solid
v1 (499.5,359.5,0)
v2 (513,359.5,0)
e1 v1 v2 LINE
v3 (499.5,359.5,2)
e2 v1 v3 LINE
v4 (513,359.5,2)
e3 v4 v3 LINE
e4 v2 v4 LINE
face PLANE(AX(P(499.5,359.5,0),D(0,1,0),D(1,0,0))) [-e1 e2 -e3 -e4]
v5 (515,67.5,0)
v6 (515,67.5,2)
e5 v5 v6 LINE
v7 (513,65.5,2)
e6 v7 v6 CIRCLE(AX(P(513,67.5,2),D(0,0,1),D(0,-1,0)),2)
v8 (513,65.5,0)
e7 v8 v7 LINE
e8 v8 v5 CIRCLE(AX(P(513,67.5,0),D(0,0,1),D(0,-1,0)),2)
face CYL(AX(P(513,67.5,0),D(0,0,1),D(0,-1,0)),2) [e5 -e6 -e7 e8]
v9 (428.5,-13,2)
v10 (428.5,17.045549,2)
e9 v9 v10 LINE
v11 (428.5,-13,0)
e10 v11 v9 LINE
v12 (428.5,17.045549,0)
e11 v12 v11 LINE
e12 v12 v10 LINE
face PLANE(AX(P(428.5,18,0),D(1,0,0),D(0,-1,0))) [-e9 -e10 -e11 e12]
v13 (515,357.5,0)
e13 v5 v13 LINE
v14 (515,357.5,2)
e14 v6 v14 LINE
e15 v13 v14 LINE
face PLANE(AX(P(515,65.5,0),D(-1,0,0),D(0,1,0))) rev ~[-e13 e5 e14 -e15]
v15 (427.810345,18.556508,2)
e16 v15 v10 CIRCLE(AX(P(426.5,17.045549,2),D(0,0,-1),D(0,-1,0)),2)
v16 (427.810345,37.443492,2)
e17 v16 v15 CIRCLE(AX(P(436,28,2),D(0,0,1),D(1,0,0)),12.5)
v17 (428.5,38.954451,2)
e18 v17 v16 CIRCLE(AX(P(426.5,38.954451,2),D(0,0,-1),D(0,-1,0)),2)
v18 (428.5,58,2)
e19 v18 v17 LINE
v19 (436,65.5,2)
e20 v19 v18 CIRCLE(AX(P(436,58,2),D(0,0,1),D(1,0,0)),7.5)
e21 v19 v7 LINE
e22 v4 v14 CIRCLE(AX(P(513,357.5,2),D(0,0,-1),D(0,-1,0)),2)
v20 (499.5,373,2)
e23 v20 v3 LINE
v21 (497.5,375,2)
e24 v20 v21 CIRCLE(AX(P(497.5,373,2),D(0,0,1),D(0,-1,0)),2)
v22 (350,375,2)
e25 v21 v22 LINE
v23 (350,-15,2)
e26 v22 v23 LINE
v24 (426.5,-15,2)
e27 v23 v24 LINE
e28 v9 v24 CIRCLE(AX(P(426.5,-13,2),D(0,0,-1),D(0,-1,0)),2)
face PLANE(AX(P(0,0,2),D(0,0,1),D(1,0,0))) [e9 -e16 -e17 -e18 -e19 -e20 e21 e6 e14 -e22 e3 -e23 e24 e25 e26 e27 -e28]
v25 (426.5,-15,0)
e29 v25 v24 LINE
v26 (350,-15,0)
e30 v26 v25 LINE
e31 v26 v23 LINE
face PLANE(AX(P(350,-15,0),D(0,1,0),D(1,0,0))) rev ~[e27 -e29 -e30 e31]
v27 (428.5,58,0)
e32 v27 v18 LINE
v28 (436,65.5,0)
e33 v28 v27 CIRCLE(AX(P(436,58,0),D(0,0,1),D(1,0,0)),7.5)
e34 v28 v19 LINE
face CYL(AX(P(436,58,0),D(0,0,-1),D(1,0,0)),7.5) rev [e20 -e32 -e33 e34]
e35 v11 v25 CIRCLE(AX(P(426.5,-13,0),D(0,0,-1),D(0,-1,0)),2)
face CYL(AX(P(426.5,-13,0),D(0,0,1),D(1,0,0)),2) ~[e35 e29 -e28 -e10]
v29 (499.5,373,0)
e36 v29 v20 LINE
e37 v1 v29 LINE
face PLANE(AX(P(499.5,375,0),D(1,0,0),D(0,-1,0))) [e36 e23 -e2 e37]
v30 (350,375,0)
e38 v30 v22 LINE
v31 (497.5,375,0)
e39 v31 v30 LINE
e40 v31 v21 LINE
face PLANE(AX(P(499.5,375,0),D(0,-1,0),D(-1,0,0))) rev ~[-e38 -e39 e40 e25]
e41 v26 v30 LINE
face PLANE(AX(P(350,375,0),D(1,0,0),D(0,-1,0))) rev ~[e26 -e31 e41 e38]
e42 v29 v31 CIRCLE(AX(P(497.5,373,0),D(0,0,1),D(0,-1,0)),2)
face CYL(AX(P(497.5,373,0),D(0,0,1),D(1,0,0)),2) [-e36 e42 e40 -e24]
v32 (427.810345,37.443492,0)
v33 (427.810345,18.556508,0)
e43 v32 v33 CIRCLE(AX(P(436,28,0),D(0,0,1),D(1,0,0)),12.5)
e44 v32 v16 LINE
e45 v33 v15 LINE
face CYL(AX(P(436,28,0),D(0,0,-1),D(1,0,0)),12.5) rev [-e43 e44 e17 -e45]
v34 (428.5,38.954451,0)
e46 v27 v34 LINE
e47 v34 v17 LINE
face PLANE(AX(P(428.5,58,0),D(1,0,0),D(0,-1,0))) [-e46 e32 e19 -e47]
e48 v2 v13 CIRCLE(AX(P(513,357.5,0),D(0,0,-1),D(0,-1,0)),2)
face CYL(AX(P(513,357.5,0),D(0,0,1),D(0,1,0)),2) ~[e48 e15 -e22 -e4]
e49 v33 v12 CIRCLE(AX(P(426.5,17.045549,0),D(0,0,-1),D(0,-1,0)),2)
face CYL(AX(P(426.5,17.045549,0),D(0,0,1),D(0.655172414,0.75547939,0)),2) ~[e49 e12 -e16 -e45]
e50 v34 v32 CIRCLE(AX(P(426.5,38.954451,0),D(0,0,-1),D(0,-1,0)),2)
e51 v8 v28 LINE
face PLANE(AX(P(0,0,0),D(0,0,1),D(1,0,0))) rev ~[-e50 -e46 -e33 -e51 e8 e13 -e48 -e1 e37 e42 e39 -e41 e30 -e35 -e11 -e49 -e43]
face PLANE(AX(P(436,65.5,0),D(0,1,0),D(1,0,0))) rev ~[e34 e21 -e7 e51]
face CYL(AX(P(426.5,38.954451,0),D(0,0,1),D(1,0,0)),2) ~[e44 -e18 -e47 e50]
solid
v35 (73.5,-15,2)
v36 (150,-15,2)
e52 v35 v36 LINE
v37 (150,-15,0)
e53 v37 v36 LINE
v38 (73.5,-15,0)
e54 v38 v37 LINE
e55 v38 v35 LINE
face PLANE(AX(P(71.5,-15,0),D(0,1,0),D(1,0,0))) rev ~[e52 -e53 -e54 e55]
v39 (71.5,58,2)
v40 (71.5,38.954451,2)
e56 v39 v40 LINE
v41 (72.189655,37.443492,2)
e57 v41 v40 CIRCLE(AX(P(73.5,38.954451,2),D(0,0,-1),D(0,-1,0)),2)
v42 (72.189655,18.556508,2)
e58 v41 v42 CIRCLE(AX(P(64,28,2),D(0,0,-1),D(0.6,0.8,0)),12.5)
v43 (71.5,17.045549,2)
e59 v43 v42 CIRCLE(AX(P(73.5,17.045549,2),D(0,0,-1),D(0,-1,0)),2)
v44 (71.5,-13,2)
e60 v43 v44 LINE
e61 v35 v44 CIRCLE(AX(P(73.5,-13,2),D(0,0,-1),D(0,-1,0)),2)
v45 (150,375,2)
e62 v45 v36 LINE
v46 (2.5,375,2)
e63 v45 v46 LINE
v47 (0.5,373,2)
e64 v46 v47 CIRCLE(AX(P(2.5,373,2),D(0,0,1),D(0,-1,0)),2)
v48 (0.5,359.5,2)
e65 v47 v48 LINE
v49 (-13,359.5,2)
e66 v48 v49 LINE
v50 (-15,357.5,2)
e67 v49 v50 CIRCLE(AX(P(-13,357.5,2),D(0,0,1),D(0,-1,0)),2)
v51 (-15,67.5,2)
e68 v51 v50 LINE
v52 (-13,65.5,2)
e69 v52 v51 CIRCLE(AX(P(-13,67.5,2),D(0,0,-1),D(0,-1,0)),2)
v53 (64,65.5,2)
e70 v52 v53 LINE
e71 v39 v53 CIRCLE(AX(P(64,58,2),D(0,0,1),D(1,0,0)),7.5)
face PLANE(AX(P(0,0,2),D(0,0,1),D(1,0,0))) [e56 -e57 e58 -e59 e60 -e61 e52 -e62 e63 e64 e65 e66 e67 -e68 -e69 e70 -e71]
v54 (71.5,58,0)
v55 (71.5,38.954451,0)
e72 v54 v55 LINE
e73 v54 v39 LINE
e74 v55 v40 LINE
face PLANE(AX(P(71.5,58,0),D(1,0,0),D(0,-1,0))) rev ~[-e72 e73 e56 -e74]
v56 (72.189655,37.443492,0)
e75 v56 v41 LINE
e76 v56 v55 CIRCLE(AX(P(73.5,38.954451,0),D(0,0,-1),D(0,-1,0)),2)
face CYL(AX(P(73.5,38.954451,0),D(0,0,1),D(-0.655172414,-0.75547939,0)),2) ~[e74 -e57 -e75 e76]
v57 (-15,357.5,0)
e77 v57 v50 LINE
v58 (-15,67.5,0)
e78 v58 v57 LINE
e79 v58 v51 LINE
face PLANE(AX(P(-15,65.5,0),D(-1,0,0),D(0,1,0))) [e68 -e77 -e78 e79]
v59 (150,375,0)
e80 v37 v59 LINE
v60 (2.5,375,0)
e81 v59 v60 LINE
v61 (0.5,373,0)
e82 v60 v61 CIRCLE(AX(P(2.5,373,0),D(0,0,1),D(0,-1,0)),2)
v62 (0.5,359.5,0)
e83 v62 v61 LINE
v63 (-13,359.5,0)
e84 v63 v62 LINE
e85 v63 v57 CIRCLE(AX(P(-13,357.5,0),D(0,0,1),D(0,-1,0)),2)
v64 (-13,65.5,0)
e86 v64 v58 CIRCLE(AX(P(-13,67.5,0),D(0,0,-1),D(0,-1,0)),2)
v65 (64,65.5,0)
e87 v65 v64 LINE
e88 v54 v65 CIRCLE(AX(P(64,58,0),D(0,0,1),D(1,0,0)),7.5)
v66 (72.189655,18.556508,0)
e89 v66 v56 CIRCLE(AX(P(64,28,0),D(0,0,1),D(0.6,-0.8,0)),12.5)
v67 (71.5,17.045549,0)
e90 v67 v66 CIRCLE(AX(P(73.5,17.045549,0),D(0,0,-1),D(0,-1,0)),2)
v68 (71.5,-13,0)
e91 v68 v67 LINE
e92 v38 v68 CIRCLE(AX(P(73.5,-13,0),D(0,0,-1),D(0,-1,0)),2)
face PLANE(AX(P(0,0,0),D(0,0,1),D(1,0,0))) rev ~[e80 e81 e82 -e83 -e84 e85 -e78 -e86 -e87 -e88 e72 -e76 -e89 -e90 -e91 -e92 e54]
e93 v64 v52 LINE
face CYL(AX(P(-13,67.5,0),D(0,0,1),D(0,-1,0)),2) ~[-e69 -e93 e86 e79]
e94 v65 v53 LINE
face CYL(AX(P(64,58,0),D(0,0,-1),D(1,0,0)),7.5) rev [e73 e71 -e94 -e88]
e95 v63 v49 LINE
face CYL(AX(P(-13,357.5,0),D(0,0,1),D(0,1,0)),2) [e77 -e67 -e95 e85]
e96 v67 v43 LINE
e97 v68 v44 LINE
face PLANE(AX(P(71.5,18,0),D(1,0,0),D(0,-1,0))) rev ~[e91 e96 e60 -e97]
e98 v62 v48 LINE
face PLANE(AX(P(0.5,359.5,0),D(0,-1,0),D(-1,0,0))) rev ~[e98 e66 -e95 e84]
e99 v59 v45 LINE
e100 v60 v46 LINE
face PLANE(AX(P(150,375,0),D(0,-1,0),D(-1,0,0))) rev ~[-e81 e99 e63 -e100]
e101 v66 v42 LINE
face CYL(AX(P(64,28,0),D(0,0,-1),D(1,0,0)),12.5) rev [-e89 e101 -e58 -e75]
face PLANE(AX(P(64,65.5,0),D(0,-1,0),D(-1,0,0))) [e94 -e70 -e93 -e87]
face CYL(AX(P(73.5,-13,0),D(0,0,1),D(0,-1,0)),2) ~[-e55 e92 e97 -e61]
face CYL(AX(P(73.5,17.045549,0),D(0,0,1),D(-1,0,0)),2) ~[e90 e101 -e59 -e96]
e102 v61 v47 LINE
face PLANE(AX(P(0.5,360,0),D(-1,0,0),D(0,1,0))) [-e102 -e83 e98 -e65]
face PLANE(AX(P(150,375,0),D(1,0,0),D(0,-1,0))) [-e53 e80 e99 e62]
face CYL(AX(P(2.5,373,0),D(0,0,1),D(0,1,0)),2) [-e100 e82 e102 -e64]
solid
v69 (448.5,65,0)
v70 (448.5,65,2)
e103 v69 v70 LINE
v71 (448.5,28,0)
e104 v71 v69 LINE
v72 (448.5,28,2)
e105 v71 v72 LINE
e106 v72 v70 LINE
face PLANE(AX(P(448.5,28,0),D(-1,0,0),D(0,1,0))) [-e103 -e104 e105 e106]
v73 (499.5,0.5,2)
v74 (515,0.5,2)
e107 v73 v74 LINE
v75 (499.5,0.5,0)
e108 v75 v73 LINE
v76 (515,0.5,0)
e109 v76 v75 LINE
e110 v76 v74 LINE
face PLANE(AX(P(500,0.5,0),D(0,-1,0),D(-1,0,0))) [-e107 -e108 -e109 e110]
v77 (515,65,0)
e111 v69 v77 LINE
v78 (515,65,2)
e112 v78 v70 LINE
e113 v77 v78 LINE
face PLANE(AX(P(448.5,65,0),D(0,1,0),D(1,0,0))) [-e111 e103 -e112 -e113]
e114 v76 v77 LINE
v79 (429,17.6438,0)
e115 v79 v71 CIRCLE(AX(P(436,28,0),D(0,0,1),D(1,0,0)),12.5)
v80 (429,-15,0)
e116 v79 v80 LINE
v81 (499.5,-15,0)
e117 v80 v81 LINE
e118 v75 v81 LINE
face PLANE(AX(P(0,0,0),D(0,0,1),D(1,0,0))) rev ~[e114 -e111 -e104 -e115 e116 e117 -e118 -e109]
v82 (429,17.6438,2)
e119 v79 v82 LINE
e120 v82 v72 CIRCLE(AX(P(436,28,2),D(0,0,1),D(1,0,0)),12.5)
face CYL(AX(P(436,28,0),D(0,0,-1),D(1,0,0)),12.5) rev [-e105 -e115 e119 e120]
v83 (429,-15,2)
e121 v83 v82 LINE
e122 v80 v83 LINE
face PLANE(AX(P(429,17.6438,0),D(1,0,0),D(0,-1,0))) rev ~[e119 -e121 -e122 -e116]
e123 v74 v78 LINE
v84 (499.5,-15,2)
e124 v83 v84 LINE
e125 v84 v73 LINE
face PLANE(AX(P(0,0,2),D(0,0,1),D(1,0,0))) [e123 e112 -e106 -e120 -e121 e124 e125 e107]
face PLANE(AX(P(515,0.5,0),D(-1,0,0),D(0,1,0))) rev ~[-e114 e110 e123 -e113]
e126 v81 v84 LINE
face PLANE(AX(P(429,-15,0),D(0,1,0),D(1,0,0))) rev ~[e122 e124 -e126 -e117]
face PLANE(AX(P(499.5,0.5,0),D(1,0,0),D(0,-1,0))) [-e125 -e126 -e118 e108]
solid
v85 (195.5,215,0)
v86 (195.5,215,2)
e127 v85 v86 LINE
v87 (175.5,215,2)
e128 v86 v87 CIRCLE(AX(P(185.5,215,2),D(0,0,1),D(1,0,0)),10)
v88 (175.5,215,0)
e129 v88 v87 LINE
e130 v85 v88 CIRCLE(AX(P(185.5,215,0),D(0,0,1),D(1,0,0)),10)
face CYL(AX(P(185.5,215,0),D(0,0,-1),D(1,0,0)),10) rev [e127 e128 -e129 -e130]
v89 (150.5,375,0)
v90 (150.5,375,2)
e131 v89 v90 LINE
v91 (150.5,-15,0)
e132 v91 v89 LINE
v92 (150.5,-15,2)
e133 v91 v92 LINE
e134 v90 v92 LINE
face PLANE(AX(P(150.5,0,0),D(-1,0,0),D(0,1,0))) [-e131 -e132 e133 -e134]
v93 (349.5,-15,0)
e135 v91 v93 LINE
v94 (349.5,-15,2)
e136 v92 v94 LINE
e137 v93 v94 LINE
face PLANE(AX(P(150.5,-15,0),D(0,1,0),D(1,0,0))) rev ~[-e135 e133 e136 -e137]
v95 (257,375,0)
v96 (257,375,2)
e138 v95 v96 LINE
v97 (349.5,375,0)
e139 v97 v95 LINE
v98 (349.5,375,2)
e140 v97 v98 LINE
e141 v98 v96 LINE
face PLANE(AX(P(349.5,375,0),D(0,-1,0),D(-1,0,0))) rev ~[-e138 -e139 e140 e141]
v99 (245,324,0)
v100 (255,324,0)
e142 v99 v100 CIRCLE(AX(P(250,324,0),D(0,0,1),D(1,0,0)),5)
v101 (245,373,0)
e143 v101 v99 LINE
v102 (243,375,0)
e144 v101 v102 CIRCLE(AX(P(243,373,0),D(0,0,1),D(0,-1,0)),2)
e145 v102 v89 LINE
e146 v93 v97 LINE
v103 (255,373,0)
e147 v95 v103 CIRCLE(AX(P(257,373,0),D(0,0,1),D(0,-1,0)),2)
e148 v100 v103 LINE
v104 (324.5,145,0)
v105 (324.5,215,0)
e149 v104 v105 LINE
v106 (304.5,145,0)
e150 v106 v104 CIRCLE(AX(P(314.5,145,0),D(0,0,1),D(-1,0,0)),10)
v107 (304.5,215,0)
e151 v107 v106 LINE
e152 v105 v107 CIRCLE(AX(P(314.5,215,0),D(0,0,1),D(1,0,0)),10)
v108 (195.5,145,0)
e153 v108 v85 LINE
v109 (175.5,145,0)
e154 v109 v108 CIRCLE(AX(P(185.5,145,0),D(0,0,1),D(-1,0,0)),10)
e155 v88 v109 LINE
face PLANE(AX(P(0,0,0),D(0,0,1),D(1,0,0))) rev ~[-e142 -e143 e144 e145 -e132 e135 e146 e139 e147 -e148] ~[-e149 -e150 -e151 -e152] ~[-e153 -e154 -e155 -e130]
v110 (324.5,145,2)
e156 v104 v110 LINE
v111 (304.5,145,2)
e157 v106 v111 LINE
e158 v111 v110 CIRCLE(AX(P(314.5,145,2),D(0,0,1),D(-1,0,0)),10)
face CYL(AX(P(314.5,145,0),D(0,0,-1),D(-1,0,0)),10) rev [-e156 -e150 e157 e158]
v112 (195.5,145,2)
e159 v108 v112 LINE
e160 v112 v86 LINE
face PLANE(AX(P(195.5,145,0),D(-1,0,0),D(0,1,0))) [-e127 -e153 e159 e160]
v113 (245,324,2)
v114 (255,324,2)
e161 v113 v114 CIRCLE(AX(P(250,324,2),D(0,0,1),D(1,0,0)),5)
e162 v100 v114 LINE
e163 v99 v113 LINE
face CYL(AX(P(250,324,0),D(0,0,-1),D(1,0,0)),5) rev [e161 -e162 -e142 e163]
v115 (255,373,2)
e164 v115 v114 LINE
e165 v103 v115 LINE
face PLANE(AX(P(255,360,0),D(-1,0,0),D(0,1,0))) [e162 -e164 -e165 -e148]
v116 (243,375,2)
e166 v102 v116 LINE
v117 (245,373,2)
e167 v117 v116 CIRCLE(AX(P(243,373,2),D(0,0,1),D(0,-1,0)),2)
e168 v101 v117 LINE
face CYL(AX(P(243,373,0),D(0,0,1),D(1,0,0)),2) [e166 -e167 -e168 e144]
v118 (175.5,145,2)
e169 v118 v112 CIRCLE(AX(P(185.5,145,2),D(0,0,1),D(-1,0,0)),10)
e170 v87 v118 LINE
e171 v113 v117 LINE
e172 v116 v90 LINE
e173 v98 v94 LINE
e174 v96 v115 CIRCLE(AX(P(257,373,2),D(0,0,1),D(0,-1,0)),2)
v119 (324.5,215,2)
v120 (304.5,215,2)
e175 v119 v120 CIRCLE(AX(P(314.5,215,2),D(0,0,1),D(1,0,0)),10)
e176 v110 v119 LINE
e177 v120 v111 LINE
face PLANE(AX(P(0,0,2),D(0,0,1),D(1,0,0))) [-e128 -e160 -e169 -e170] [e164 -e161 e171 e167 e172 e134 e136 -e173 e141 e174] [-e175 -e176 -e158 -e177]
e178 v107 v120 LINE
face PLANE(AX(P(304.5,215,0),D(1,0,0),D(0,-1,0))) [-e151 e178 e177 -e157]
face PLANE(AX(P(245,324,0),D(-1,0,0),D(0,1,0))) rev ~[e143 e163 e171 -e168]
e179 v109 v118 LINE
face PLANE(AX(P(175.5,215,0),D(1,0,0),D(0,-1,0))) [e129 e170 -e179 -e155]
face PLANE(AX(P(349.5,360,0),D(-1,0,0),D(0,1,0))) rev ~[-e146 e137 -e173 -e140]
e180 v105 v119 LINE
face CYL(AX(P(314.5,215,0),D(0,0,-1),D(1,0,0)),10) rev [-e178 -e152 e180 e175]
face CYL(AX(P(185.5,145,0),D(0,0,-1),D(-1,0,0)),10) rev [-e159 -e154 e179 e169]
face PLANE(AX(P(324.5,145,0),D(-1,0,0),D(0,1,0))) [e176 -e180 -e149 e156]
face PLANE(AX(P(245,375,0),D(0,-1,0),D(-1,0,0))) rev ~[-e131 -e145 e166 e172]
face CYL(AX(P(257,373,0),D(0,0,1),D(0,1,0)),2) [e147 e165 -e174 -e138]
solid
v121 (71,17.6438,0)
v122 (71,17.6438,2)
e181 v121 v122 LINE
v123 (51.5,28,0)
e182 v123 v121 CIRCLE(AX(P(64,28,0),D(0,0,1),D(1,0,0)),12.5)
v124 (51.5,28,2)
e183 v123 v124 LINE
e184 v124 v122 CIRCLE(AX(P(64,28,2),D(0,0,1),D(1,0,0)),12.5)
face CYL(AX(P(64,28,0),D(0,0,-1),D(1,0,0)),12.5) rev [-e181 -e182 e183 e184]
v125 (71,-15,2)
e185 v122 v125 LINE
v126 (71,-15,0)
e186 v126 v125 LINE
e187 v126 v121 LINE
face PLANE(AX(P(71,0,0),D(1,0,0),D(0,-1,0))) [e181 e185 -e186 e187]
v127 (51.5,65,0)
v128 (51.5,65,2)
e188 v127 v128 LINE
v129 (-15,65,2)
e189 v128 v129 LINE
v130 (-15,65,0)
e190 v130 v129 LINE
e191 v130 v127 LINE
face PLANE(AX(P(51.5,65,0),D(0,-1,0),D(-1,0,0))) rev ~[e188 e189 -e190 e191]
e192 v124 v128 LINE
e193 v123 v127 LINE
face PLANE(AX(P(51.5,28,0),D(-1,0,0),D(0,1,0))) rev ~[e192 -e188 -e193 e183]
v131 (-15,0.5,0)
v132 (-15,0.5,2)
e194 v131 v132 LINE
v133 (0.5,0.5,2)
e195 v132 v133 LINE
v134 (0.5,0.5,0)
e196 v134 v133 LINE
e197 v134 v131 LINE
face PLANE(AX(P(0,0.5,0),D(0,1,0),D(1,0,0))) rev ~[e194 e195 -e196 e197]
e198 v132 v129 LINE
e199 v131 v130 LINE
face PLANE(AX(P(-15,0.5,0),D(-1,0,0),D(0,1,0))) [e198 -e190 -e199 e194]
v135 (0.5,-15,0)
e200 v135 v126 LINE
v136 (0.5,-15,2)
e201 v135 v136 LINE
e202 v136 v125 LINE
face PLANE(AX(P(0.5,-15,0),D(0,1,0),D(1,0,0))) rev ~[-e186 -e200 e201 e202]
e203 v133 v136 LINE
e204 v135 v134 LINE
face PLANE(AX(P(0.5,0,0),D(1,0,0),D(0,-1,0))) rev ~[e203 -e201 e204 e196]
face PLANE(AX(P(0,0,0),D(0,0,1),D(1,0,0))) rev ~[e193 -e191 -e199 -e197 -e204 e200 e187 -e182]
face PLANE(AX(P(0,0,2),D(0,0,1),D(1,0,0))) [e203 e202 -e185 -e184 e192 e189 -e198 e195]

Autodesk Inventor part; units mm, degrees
ref_plane "YZ Plane" through (0, 0, 0) normal (1, 0, 0) x (0, 1, 0)
ref_plane "XZ Plane" through (0, 0, 0) normal (0, 1, 0) x (-1, 0, 0)
ref_plane "XY Plane" through (0, 0, 0) normal (0, 0, 1) x (1, 0, 0)
sketch "Sketch1" plane through (0, 0, 0) normal (0, 0, 1) x (1, 0, 0)
  line L0 (500, 375) -> (0, 375) projected
  line L1 (-15, 0) -> (-15, 360) projected
  line L2 (0, 0) -> (0, 360) projected
  line L3 (515, 0) -> (515, 360) projected
  line L4 (0, 0) -> (500, 0) projected
  line L5 (500, 0) -> (500, 360) projected
  line L6 (500, 360) -> (0, 360) projected
  line L7 (0, -15) -> (500, -15) projected
  line L8 (-15, 359.5) -> (0, 359.5)
  line L9 (0.5, 360) -> (0.5, 375)
  line L10 (0, 0.5) -> (-15, 0.5)
  line L11 (0.5, 0) -> (0.5, -15)
  line L12 (499.5, 375) -> (499.5, 360)
  line L13 (500, 359.5) -> (515, 359.5)
  line L14 (499.5, 0) -> (499.5, -15)
  line L15 (500, 0.5) -> (515, 0.5)
  line L16 (350, 375) -> (350, -15)
  line L17 (349.5, -15) -> (349.5, 375)
  line L18 (150, 375) -> (150, -15)
  line L19 (150.5, -15) -> (150.5, 375)
  circle A0 centre (250, 324) radius 3 projected
  circle A1 centre (250, 324) radius 5
  line L20 (245, 324) -> (245, 375)
  line L21 (255, 324) -> (255, 375)
  circle A2 centre (436, 58) radius 3 projected
  circle A3 centre (64, 58) radius 3 projected
  circle A4 centre (64, 58) radius 7.5
  circle A5 centre (436, 58) radius 7.5
  line L22 (64, 65.5) -> (-15, 65.5)
  line L23 (71.5, 58) -> (71.5, -15)
  line L24 (428.5, 58) -> (428.5, -15)
  line L25 (436, 65.5) -> (515, 65.5)
  circle A6 centre (436, 28) radius 6 projected
  circle A7 centre (64, 28) radius 6 projected
  circle A8 centre (64, 28) radius 12.5
  circle A9 centre (436, 28) radius 12.5
  line L26 (0.5, 360) -> (0.5, 359.5)
  line L27 (0.5, 359.5) -> (0, 359.5)
  line L28 (499.5, 360) -> (499.5, 359.5)
  line L29 (499.5, 359.5) -> (500, 359.5)
  line L30 (0, 0.5) -> (0.5, 0.5)
  line L31 (0.5, 0.5) -> (0.5, 0)
  line L32 (500, 0.5) -> (499.5, 0.5)
  line L33 (499.5, 0.5) -> (499.5, 0)
  line L34 (71, 17.6438) -> (71, -15)
  line L35 (51.5, 28) -> (51.5, 65)
  line L36 (51.5, 65) -> (-15, 65)
  line L37 (429, 17.6438) -> (429, -15)
  line L38 (448.5, 28) -> (448.5, 65)
  line L39 (448.5, 65) -> (515, 65)
  line L40 (185.5, 215) -> (185.5, 145) construction
  line L41 (175.5, 215) -> (175.5, 145)
  line L42 (195.5, 145) -> (195.5, 215)
  arc A10 (195.5, 215) -> (175.5, 215) centre (185.5, 215) ccw
  arc A11 (175.5, 145) -> (195.5, 145) centre (185.5, 145) ccw
  line L43 (314.5, 145) -> (314.5, 215) construction
  line L44 (324.5, 145) -> (324.5, 215)
  line L45 (304.5, 215) -> (304.5, 145)
  arc A12 (304.5, 145) -> (324.5, 145) centre (314.5, 145) ccw
  arc A13 (324.5, 215) -> (304.5, 215) centre (314.5, 215) ccw
  point P0 (0, 65.5)
  point P1 (71.5, 0)
  point P2 (428.5, 0)
  point P3 (500, 65.5)
  point P4 (350, 360)
  point P5 (350, 0)
  point P6 (255, 360)
  point P7 (245, 360)
  point P8 (150.5, 360)
  point P9 (150.5, 0)
  point P10 (349.5, 0)
  point P11 (349.5, 360)
  point P12 (150, 0)
  point P13 (150, 360)
  point P14 (71.5, 38)
  point P15 (71.5, 18)
  point P16 (428.5, 18)
  point P17 (428.5, 38)
  point P18 (185.5, 180)
  point P19 (314.5, 180)
  point P20 (0, 180)
  dimension "d0" = 0.5
  dimension "d1" = 0.5
  dimension "d2" = 0.5
  dimension "d3" = 0.5
  dimension "d4" = 0.5
  dimension "d5" = 0.5
  dimension "d6" = 0.5
  dimension "d7" = 0.5
  dimension "d8" = 0.5
  dimension "d9" = 0.5
  dimension "d10" = 150
  dimension "d11" = 150
  dimension "d12" = 10
  dimension "d13" = 15
  dimension "d16" = 25
  dimension "d18" = 0.5
  dimension "d19" = 0.5
  dimension "d20" = 0.5
  dimension "d21" = 0.5
  dimension "d22" = 20
  dimension "d23" = 70
  dimension "d24" = 25
  dimension "d25" = 25
extrude "Extrusion1" add sketch "Sketch1" along normal blind 2 contours L12 L6 L16 L0 | L28 L29 L5 L25 A5 L24 A9 L4 L16 L6 | L17 L6 L21 L0 | L17 L4 L19 L6 L20 A1 L21 | L4 L24 L7 L16 | L13 L3 L25 L5 | L20 L6 L19 L0 | L17 L7 L19 L4 | L37 A9 L38 L39 L5 L32 L33 L4 | L4 L14 L7 L37 | L39 L3 L15 L5 | L18 L6 L9 L0 | L18 L7 L23 L4 | L4 L23 A8 A4 L22 L2 L27 L26 L6 L18 | L34 L7 L11 L4 | L4 L31 L30 L2 L36 L35 A8 L34 | L2 L22 L1 L8 | L10 L1 L36 L2
fillet "Fillet1" radius 2 14 edges at (71.5, 38, 1) (71.5, 18, 1) (428.5, 18, 1) (428.5, 38, 1) (428.5, -15, 1) (515, 65.5, 1) (515, 359.5, 1) (499.5, 375, 1) (71.5, -15, 1) (-15, 65.5, 1) (0.5, 375, 1) (-15, 359.5, 1) (255, 375, 1) (245, 375, 1)
equation "\"d1\" = d0"
equation "\"d2\" = d0"
equation "\"d3\" = d0"
equation "\"d4\" = d0"
equation "\"d5\" = d0"
equation "\"d6\" = d0"
equation "\"d7\" = d0"
equation "\"d8\" = d0"
equation "\"d9\" = d0"
equation "\"d11\" = d10"
equation "\"d19\" = d18"
equation "\"d20\" = d18"
equation "\"d21\" = d20"
equation "\"d25\" = d24"
properties part number "Electronics Cover" material "Aluminum 6061"
